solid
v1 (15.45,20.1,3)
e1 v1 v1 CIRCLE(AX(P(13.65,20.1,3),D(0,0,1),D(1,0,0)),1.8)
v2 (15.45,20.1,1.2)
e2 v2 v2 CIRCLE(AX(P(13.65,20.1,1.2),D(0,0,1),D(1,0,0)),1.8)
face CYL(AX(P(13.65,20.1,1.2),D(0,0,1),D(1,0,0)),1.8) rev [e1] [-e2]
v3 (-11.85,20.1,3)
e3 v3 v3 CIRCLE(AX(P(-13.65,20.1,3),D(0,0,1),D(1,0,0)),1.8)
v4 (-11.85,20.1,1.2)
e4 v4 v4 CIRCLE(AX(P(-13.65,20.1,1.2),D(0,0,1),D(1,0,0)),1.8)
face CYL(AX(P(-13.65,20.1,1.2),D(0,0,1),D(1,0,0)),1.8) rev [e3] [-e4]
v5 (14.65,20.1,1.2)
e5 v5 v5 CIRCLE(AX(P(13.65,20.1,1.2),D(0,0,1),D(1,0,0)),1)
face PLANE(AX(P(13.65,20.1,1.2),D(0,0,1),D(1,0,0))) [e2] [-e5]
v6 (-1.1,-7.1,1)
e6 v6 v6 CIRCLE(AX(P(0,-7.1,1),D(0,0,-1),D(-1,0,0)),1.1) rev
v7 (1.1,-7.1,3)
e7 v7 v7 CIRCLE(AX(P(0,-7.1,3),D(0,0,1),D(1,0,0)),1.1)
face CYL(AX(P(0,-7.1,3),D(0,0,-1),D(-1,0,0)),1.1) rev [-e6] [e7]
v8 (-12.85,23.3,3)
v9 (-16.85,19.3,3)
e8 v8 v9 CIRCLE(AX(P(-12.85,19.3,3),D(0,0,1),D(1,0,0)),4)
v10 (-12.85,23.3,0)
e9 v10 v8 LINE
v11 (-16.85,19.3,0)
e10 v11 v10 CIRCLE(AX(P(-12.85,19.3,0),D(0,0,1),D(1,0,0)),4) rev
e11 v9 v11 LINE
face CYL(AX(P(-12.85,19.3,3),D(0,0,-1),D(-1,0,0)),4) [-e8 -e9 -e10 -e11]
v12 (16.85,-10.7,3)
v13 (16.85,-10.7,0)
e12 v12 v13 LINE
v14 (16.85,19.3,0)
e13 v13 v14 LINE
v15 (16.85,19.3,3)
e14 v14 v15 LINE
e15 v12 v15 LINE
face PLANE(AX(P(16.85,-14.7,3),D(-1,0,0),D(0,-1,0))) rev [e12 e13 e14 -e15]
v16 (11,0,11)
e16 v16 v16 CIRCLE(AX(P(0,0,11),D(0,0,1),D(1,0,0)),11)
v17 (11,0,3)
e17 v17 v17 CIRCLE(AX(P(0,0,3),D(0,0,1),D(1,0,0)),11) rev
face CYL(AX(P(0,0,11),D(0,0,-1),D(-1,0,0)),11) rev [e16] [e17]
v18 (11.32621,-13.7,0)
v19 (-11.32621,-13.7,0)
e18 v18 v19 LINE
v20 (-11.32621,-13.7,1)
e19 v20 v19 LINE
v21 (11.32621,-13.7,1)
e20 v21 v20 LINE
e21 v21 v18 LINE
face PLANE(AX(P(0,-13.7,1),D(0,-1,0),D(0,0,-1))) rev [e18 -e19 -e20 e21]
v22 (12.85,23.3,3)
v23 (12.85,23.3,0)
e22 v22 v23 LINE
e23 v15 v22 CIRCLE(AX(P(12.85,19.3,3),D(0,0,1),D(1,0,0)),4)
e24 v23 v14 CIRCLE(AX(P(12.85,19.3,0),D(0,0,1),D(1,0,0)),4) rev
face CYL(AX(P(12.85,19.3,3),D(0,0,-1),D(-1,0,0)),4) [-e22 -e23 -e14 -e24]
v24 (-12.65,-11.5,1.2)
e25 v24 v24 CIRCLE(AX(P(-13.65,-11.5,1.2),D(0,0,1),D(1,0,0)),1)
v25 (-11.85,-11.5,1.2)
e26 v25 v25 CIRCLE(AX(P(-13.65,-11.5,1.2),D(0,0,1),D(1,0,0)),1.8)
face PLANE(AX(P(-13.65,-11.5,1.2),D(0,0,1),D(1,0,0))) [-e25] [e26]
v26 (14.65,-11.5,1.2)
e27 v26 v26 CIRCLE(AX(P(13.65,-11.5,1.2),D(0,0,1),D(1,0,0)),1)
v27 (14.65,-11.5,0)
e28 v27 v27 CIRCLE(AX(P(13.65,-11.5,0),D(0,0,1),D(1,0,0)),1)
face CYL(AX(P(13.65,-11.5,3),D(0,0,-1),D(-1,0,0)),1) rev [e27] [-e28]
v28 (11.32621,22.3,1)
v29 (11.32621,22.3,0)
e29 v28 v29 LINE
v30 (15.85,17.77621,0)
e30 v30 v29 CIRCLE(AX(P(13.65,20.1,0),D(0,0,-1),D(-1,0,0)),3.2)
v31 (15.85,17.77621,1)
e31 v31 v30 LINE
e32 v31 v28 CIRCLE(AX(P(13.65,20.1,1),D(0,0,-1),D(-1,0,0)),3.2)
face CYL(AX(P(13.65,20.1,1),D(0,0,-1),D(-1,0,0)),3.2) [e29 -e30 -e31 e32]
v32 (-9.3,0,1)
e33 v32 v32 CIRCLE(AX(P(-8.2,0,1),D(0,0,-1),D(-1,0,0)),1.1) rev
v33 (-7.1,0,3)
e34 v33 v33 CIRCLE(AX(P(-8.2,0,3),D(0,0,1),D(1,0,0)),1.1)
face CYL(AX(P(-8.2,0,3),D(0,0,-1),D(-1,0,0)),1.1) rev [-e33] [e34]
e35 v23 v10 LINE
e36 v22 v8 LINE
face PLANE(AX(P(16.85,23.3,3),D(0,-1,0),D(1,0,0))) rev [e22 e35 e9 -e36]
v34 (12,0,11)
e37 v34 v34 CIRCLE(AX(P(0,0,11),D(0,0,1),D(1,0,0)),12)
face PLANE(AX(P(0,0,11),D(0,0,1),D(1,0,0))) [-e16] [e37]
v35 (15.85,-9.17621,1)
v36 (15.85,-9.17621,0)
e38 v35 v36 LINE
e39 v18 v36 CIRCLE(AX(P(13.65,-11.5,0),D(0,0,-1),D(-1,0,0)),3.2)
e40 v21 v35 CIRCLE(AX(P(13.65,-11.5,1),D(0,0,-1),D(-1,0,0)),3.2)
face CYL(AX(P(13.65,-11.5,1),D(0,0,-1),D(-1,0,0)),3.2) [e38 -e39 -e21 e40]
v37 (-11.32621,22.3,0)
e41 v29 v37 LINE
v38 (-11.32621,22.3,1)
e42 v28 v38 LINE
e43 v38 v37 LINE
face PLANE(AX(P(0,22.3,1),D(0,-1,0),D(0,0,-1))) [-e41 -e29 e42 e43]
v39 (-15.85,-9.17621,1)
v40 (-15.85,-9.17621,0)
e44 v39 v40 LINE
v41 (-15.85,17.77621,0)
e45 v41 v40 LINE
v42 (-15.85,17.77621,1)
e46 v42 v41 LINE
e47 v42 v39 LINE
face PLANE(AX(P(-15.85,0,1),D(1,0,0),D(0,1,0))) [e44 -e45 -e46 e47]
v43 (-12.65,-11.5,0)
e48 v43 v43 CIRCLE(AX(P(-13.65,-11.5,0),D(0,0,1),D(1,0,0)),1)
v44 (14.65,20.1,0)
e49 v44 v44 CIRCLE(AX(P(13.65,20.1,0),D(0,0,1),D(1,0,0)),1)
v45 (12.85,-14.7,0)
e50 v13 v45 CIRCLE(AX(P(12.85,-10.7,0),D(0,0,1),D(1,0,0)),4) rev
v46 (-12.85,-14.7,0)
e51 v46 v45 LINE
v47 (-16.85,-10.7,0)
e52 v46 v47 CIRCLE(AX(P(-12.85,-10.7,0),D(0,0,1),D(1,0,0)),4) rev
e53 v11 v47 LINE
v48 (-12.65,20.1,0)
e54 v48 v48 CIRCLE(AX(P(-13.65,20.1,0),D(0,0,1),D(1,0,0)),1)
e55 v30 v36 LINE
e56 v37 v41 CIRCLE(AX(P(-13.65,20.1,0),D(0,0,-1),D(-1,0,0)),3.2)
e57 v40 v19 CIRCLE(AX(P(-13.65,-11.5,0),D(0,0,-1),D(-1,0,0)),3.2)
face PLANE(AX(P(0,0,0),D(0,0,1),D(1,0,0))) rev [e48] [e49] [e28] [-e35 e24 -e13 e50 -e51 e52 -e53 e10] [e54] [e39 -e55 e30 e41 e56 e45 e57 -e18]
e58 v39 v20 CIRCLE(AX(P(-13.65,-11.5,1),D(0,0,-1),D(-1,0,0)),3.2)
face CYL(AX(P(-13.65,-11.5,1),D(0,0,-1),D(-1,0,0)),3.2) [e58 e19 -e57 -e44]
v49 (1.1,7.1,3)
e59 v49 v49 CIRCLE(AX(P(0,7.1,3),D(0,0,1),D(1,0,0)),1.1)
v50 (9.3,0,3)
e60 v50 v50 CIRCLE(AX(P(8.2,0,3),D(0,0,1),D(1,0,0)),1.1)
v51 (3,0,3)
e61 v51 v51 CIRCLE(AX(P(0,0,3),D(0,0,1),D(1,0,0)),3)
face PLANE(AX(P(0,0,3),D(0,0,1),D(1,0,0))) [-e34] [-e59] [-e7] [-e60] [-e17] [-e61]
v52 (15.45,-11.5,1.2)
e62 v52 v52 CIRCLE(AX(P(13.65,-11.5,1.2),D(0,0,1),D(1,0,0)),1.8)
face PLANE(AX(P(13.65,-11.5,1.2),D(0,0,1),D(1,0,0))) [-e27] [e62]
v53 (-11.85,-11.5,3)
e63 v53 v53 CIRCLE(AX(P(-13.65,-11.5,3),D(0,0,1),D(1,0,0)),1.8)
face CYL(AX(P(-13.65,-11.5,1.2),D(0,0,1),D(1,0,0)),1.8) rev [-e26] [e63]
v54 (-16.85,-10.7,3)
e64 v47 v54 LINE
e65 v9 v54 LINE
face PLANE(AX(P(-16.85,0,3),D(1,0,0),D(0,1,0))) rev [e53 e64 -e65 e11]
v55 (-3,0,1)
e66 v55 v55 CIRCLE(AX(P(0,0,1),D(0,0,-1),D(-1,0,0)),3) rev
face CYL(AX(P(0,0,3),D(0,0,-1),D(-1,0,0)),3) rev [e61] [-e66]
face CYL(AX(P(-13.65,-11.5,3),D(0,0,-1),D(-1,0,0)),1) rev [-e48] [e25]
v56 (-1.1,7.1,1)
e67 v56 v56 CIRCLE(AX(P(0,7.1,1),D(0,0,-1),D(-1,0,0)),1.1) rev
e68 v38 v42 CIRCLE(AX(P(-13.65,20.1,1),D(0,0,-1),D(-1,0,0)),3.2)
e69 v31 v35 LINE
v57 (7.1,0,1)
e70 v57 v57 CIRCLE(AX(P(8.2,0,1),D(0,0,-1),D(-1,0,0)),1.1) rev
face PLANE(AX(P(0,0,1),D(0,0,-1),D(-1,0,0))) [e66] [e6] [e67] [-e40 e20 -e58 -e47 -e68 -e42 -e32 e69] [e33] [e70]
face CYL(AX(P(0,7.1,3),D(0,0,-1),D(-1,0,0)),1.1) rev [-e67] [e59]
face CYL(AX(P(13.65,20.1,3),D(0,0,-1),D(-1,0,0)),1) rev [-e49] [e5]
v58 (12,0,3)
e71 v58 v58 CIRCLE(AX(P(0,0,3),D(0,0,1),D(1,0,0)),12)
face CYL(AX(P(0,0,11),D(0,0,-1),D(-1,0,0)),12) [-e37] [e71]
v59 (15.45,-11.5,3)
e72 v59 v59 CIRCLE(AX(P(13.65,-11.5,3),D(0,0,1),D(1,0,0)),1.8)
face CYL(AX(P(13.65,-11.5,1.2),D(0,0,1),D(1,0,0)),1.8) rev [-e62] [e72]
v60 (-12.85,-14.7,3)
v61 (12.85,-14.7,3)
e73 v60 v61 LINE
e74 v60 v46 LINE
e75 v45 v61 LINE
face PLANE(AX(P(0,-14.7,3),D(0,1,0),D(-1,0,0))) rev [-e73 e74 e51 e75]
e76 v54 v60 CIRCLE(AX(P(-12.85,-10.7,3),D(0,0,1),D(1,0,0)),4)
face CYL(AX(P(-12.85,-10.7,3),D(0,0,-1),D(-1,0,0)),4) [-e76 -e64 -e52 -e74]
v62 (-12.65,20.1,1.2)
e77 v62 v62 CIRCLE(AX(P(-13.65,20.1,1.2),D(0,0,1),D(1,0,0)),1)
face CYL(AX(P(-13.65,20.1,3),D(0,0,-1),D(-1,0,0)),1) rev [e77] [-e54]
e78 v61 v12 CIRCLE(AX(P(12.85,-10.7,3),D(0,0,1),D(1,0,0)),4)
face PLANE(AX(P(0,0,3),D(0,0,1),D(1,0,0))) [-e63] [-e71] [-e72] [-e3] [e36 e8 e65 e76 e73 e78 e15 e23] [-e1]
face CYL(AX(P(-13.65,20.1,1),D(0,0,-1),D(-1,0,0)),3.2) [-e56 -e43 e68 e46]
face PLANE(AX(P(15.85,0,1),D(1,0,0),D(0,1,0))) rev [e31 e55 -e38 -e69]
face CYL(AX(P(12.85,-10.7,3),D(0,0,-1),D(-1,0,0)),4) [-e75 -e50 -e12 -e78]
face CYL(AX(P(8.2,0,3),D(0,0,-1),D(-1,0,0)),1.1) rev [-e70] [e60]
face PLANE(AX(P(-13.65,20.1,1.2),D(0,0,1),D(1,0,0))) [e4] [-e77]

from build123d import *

# Parameters (mm, degrees)
SZKIC1_R                    = 3
SZKIC1_R_2                  = 1.1
SZKIC1_R_3                  = 1
DODANIE_WYCI_GNI_CIE1_DEPTH = 3
SZKIC2_R                    = 12
SZKIC2_R_2                  = 11
DODANIE_WYCI_GNI_CIE2_DEPTH = 8
SZKIC3_R                    = 1.1
SZKIC3_R_2                  = 3
WYTNIJ_WYCI_GNI_CIE1_DEPTH  = 1
SZKIC4_R                    = 1.8
WYTNIJ_WYCI_GNI_CIE2_DEPTH  = 1.8
ZAOKR_GLENIE1_R             = 4


with BuildPart() as part:
    # Szkic1 → Dodanie-wyciągnięcie1 (new body)
    with BuildSketch(Plane.XY):
        Polygon((-16.85, 0), (-16.85, -14.7), (0, -14.7), (16.85, -14.7), (16.85, 23.3), (-16.85, 23.3), align=None)
        Circle(SZKIC1_R, mode=Mode.SUBTRACT)
        with Locations((-8.2, 0)):
            Circle(SZKIC1_R_2, mode=Mode.SUBTRACT)
        with Locations((8.2, 0)):
            Circle(SZKIC1_R_2, mode=Mode.SUBTRACT)
        with Locations((0, 7.1)):
            Circle(SZKIC1_R_2, mode=Mode.SUBTRACT)
        with Locations((0, -7.1)):
            Circle(SZKIC1_R_2, mode=Mode.SUBTRACT)
        with Locations((-13.65, 20.1)):
            Circle(SZKIC1_R_3, mode=Mode.SUBTRACT)
        with Locations((13.65, 20.1)):
            Circle(SZKIC1_R_3, mode=Mode.SUBTRACT)
        with Locations((13.65, -11.5)):
            Circle(SZKIC1_R_3, mode=Mode.SUBTRACT)
        with Locations((-13.65, -11.5)):
            Circle(SZKIC1_R_3, mode=Mode.SUBTRACT)
    extrude(amount=DODANIE_WYCI_GNI_CIE1_DEPTH)

    # Szkic2 → Dodanie-wyciągnięcie2 (add)
    with BuildSketch(Plane.XY.offset(3)):
        Circle(SZKIC2_R)
        Circle(SZKIC2_R_2, mode=Mode.SUBTRACT)
    extrude(amount=DODANIE_WYCI_GNI_CIE2_DEPTH)

    # Szkic3 → Wytnij-wyciągnięcie1 (cut)
    with BuildSketch(Plane(origin=(0, 0, 0), x_dir=(-1, 0, 0), z_dir=(0, 0, -1))):
        with BuildLine():
            Line((11.326209992, 22.3), (-11.326209992, 22.3))
            ThreePointArc((-11.326209992, 22.3), (-10.67711184, 21.284033778), (-10.45, 20.1))
            ThreePointArc((-10.45, 20.1), (-12.385088936, 17.160612309), (-15.85, 17.776209992))
            Line((-15.85, 17.776209992), (-15.85, -9.176209992))
            ThreePointArc((-15.85, -9.176209992), (-12.385088936, -8.560612309), (-10.45, -11.5))
            ThreePointArc((-10.45, -11.5), (-10.67711184, -12.684033778), (-11.326209992, -13.7))
            Line((-11.326209992, -13.7), (11.326209992, -13.7))
            ThreePointArc((11.326209992, -13.7), (11.3872583, -9.2372583), (15.85, -9.176209992))
            Line((15.85, -9.176209992), (15.85, 17.776209992))
            ThreePointArc((15.85, 17.776209992), (11.3872583, 17.8372583), (11.326209992, 22.3))
        make_face()
        with Locations((-8.2, 0)):
            Circle(SZKIC3_R, mode=Mode.SUBTRACT)
        with Locations((0, -7.1)):
            Circle(SZKIC3_R, mode=Mode.SUBTRACT)
        Circle(SZKIC3_R_2, mode=Mode.SUBTRACT)
        with Locations((8.2, 0)):
            Circle(SZKIC3_R, mode=Mode.SUBTRACT)
        with Locations((0, 7.1)):
            Circle(SZKIC3_R, mode=Mode.SUBTRACT)
    extrude(amount=-WYTNIJ_WYCI_GNI_CIE1_DEPTH, mode=Mode.SUBTRACT)

    # Szkic4 → Wytnij-wyciągnięcie2 (cut)
    with BuildSketch(Plane.XY.offset(3)):
        with Locations((-13.65, 20.1)):
            Circle(SZKIC4_R)
        with Locations((13.65, 20.1)):
            Circle(SZKIC4_R)
        with Locations((13.65, -11.5)):
            Circle(SZKIC4_R)
        with Locations((-13.65, -11.5)):
            Circle(SZKIC4_R)
    extrude(amount=-WYTNIJ_WYCI_GNI_CIE2_DEPTH, mode=Mode.SUBTRACT)

    # Zaokrąglenie1
    zaokr_glenie1_edges = [part.edges().sort_by_distance(p)[0] for p in [
        (-16.85, 23.3, 1.5),
        (16.85, 23.3, 1.5),
        (16.85, -14.7, 1.5),
        (-16.85, -14.7, 1.5),
    ]]
    fillet(zaokr_glenie1_edges, radius=ZAOKR_GLENIE1_R)


solid = part.part
